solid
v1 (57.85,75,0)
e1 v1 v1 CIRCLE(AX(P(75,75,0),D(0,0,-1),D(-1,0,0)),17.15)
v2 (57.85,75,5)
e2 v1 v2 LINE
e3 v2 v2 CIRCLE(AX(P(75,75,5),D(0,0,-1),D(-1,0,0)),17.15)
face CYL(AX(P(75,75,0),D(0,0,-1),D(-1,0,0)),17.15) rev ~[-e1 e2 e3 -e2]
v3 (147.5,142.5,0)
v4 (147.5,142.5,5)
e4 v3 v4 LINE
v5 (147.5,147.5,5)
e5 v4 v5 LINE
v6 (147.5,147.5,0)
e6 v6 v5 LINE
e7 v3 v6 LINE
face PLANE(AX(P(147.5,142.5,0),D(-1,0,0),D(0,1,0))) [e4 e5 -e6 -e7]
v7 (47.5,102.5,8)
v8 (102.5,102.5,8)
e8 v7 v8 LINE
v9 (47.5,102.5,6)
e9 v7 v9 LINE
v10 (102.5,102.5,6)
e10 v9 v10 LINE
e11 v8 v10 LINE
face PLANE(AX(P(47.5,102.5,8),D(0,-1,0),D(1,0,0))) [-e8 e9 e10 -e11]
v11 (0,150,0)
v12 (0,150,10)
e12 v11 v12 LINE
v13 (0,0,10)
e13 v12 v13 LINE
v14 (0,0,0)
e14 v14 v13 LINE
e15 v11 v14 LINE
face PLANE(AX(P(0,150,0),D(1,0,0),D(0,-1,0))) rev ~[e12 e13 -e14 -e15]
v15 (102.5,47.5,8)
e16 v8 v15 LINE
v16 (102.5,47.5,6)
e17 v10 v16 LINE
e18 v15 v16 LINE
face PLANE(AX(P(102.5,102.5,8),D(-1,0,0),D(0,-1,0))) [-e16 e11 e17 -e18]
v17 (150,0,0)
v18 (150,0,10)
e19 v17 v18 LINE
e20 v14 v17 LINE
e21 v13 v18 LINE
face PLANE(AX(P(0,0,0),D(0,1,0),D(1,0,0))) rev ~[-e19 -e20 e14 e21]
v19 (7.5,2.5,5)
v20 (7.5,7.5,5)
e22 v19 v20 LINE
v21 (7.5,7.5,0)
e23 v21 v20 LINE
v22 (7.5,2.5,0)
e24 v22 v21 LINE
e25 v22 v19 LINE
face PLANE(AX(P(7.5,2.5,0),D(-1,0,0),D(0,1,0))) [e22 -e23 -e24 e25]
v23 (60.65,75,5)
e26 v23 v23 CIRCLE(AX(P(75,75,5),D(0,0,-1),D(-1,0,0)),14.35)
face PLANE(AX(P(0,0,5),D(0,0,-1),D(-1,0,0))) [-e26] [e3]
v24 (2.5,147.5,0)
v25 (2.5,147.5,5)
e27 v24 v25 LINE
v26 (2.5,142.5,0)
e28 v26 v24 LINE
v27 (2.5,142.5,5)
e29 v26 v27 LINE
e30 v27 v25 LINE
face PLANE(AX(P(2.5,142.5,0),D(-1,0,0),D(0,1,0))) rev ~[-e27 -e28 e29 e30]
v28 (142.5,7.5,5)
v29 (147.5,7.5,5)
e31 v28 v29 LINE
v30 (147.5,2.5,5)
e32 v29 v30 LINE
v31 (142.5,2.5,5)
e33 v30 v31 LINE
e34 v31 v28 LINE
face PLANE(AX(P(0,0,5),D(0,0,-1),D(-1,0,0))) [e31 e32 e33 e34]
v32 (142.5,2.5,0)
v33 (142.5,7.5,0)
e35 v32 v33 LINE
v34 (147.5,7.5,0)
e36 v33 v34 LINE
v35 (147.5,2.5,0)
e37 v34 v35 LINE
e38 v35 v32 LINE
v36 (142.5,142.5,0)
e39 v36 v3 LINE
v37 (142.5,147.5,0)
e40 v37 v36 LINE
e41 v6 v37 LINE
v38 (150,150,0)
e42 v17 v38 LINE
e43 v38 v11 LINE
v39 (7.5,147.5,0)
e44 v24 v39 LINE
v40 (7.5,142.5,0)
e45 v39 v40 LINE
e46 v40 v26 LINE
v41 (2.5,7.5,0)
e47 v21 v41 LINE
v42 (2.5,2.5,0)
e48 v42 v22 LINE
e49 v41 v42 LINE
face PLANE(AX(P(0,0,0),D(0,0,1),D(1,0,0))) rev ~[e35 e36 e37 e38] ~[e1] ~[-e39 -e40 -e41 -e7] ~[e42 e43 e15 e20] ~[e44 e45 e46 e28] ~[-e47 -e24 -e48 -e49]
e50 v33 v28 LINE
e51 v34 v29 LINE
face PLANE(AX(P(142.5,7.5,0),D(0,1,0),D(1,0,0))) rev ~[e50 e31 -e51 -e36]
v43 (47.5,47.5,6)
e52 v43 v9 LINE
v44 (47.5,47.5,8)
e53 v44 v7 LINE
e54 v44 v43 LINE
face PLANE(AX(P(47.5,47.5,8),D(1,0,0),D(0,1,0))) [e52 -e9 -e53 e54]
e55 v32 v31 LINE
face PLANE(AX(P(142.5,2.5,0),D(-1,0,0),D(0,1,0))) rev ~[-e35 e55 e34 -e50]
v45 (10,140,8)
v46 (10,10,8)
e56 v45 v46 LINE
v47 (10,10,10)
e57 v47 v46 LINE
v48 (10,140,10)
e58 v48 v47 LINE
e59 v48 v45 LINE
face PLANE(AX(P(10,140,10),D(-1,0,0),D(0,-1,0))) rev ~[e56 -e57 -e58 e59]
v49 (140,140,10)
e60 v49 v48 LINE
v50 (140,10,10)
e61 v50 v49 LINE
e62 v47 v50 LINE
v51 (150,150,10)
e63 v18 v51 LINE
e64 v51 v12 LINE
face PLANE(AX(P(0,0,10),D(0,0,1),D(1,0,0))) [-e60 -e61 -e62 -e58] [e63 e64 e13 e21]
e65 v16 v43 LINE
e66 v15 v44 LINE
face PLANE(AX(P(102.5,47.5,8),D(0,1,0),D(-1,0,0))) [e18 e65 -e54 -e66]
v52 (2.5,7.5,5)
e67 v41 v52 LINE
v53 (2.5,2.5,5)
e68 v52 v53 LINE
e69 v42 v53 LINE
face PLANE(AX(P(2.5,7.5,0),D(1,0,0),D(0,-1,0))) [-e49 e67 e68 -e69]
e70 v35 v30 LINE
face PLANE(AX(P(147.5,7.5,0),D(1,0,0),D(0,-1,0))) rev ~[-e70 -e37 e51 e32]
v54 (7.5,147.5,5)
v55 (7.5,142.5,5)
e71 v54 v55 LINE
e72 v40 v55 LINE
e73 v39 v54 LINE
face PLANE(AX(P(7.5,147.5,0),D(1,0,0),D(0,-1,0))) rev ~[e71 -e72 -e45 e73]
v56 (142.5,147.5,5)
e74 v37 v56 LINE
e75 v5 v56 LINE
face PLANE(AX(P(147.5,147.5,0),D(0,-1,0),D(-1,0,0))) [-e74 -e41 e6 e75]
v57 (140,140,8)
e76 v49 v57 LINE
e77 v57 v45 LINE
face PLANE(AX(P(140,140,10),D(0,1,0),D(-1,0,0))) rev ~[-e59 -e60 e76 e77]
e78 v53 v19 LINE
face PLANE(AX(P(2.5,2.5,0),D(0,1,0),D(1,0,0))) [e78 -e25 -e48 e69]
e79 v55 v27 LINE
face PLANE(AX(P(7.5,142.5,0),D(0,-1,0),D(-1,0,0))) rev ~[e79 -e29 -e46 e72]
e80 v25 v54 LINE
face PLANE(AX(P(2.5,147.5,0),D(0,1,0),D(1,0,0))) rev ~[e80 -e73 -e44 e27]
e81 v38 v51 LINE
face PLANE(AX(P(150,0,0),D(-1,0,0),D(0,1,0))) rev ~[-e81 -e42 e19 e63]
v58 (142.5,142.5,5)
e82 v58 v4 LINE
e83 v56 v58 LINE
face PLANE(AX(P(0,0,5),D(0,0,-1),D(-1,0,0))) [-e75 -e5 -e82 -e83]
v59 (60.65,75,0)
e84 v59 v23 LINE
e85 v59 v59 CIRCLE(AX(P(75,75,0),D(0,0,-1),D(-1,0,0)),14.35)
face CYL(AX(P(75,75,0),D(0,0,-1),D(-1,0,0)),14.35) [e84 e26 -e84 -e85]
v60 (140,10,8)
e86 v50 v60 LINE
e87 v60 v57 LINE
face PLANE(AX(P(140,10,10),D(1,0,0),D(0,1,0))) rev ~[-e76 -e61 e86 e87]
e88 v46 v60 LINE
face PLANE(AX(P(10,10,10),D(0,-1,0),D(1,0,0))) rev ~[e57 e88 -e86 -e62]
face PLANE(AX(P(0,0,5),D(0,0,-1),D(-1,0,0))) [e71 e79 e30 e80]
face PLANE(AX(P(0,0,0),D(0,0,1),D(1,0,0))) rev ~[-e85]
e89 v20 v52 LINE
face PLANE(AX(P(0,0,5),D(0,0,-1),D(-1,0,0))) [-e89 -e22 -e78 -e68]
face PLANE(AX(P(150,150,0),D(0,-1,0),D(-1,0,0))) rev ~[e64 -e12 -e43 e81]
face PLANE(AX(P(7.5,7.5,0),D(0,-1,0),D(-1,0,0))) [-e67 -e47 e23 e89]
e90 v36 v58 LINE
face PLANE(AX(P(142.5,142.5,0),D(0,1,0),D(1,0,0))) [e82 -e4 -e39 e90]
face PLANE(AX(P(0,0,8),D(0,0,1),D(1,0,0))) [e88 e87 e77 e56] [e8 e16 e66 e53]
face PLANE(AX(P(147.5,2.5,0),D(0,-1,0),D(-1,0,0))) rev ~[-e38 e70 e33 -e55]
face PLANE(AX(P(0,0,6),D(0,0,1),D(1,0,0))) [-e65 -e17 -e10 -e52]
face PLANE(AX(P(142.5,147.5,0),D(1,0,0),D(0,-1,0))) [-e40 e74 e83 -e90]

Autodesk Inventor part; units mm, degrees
ref_plane "YZ Plane" through (0, 0, 0) normal (1, 0, 0) x (0, 1, 0)
ref_plane "XZ Plane" through (0, 0, 0) normal (0, 1, 0) x (-1, 0, 0)
ref_plane "XY Plane" through (0, 0, 0) normal (0, 0, 1) x (1, 0, 0)
sketch "Sketch4" plane through (0, 0, 0) normal (0, 0, 1) x (1, 0, 0)
  line L0 (0, 0) -> (150, 0)
  line L1 (150, 0) -> (150, 150)
  line L2 (150, 150) -> (0, 150)
  line L3 (0, 150) -> (0, 0)
  dimension "d34" = 150
  dimension "d35" = 150
extrude "Extrusion4" add sketch "Sketch4" along normal blind 10
sketch "Sketch5" plane through (0, 0, 10) normal (0, 0, 1) x (1, 0, 0)
  line L0 (10, 10) -> (140, 10)
  line L1 (140, 10) -> (140, 140)
  line L2 (140, 140) -> (10, 140)
  line L3 (10, 140) -> (10, 10)
  point P0 (0, 0)
  dimension "d38" = 130
  dimension "d39" = 130
extrude "Extrusion5" cut sketch "Sketch5" against normal blind 2
sketch "Sketch6" plane through (0, 0, 0) normal (0, 0, -1) x (-1, 0, 0)
  circle A0 centre (-75, 75) radius 14.35
  circle A1 centre (-75, 75) radius 17.15
  line L0 (-147.5, 2.5) -> (-142.5, 2.5)
  line L1 (-142.5, 2.5) -> (-142.5, 7.5)
  line L2 (-142.5, 7.5) -> (-147.5, 7.5)
  line L3 (-147.5, 7.5) -> (-147.5, 2.5)
  line L4 (-2.5, 2.5) -> (-7.5, 2.5)
  line L5 (-7.5, 2.5) -> (-7.5, 7.5)
  line L6 (-7.5, 7.5) -> (-2.5, 7.5)
  line L7 (-2.5, 7.5) -> (-2.5, 2.5)
  line L8 (-147.5, 147.5) -> (-142.5, 147.5)
  line L9 (-142.5, 147.5) -> (-142.5, 142.5)
  line L10 (-142.5, 142.5) -> (-147.5, 142.5)
  line L11 (-147.5, 142.5) -> (-147.5, 147.5)
  line L12 (-2.5, 147.5) -> (-7.5, 147.5)
  line L13 (-7.5, 147.5) -> (-7.5, 142.5)
  line L14 (-7.5, 142.5) -> (-2.5, 142.5)
  line L15 (-2.5, 142.5) -> (-2.5, 147.5)
  point P0 (0, 0)
  dimension "d42" = 28.7
  dimension "d43" = 34.3
  dimension "d46" = 5
  dimension "d47" = 5
  dimension "d48" = 5
  dimension "d49" = 5
  dimension "d50" = 5
  dimension "d51" = 5
  dimension "d52" = 5
  dimension "d53" = 5
extrude "Extrusion7" cut sketch "Sketch6" against normal blind 5
sketch "Sketch7" plane through (0, 0, 8) normal (0, 0, 1) x (1, 0, 0)
  line L0 (47.5, 102.5) -> (102.5, 102.5)
  line L1 (102.5, 102.5) -> (102.5, 47.5)
  line L2 (102.5, 47.5) -> (47.5, 47.5)
  line L3 (47.5, 47.5) -> (47.5, 102.5)
  point P0 (0, 0)
  dimension "d58" = 55
  dimension "d59" = 55
extrude "Extrusion8" cut sketch "Sketch7" against normal blind 2
properties part number "Elbow_Parallel_Joint"
